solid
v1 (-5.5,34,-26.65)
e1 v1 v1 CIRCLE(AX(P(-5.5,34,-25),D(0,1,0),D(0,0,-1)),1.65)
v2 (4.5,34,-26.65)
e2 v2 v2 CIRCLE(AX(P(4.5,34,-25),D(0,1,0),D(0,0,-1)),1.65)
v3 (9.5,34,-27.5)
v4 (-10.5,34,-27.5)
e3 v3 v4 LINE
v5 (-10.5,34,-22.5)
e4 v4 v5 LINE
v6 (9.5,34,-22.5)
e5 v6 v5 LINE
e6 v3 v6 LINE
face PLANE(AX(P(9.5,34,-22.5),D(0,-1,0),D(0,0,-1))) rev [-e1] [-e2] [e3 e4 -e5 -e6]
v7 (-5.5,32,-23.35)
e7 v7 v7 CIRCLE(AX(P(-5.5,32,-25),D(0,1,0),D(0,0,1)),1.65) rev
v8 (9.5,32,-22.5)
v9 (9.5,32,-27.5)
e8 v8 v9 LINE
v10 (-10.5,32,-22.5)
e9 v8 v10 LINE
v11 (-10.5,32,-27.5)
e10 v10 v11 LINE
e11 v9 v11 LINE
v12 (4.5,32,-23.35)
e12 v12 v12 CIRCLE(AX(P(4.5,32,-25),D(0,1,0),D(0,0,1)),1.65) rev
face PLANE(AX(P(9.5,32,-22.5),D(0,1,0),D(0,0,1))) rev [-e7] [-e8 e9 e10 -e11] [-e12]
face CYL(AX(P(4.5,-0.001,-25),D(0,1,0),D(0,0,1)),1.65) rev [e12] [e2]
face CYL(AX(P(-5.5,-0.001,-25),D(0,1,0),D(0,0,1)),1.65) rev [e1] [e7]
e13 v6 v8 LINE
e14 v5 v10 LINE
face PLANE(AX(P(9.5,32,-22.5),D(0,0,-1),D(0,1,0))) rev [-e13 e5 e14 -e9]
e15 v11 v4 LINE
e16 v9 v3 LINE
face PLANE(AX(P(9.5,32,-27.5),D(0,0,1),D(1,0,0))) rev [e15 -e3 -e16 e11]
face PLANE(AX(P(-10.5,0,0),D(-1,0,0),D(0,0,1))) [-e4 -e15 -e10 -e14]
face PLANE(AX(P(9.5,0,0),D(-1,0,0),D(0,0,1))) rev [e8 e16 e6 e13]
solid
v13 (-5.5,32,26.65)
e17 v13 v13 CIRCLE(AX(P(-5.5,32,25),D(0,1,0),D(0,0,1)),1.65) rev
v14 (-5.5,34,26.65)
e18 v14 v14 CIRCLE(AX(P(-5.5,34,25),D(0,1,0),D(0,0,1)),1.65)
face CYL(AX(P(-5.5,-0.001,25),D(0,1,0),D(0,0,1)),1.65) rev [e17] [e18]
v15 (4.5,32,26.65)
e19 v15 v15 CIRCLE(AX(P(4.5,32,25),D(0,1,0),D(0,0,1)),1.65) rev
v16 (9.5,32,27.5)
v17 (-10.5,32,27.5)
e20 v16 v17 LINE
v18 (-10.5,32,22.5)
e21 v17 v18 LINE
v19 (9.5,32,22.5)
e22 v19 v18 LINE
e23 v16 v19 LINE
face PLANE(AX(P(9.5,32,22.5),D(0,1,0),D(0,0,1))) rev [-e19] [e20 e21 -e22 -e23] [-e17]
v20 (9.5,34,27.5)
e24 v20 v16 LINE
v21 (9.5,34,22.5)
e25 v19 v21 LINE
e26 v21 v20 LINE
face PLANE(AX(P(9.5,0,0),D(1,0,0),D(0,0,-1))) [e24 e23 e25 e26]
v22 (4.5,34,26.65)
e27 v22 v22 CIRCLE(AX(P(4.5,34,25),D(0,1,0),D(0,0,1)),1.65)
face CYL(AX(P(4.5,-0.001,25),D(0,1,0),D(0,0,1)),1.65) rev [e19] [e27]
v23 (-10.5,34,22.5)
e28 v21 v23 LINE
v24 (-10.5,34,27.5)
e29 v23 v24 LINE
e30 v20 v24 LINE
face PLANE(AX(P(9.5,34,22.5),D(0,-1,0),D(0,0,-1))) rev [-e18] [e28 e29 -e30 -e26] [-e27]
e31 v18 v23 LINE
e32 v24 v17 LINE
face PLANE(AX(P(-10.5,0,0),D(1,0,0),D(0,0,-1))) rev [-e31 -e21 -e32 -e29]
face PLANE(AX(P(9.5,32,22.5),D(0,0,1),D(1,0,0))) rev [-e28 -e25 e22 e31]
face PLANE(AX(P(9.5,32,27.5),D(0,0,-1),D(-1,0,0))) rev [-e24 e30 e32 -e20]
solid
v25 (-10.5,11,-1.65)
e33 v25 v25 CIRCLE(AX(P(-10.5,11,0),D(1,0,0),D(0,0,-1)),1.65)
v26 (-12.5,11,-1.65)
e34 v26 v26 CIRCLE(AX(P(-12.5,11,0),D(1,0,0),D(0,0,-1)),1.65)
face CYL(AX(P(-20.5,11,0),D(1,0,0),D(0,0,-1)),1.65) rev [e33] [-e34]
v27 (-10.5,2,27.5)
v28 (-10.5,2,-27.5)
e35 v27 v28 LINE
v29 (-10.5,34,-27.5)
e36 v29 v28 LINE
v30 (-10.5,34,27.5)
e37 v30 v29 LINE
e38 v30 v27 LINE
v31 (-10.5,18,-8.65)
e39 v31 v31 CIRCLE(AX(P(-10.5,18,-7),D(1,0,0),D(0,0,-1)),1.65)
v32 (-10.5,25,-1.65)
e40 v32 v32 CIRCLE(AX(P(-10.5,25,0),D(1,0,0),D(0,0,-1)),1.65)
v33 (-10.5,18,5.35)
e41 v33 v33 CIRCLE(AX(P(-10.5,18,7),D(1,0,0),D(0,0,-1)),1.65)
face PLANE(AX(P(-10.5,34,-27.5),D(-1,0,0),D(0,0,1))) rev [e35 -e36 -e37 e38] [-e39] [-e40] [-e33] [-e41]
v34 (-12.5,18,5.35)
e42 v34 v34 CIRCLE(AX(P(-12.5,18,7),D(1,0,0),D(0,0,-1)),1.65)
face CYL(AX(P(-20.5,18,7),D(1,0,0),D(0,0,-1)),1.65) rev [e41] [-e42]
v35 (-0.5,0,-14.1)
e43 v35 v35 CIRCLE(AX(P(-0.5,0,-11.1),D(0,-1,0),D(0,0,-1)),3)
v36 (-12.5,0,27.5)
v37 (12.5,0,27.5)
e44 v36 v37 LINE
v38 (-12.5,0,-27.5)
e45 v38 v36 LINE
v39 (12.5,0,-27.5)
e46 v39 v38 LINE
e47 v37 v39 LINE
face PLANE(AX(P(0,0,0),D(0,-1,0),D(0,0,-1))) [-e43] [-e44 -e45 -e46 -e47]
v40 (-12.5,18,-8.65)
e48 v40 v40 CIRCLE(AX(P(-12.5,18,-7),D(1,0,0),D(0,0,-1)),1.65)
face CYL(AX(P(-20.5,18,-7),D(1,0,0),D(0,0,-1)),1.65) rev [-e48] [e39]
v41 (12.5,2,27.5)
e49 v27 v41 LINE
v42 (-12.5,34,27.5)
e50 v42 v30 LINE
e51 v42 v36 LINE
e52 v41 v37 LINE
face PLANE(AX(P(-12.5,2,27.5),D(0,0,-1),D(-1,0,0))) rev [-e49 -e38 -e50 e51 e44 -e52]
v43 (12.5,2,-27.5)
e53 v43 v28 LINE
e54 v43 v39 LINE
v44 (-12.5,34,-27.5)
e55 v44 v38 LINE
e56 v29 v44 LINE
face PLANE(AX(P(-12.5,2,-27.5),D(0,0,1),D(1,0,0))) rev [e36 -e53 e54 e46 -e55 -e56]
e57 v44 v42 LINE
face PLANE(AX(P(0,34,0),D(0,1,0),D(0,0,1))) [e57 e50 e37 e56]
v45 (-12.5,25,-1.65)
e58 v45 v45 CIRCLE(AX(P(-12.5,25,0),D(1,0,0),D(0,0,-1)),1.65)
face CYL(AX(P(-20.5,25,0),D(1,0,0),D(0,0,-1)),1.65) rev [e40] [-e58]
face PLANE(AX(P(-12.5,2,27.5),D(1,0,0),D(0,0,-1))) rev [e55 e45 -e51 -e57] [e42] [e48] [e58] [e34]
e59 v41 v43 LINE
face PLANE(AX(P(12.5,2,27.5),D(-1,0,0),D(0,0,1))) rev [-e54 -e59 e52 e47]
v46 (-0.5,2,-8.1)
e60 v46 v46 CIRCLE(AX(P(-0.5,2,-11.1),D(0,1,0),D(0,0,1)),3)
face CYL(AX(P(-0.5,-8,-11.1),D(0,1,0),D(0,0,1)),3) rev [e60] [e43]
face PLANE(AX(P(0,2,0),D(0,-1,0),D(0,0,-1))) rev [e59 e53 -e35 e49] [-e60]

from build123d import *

# Parameters (mm, degrees)
SKETCH_1_W          = 25
SKETCH_1_H          = 55
EXTRUDE_1_DEPTH     = 2
SKETCH_3_W          = 2
SKETCH_3_H          = 55
EXTRUDE_2_DEPTH     = 32
SKETCH_4_W          = 5
SKETCH_4_H          = 2
EXTRUDE_3_DEPTH     = 20
EXTRUDE_3_2_DEPTH   = 20
SKETCH_5_R          = 1.65
CUT_EXTRUDE_2_DEPTH = 2
SKETCH_6_R          = 1.65
CUT_EXTRUDE_3_DEPTH = 10
SKETCH_7_R          = 3
CUT_EXTRUDE_4_DEPTH = 10


with BuildPart() as part:
    # 草图1 → 凸台-拉伸1 (new body)
    with BuildSketch(Plane(origin=(0, 0, 0), x_dir=(1, 0, 0), z_dir=(0, 1, 0))):
        Rectangle(SKETCH_1_W, SKETCH_1_H)
    extrude(amount=EXTRUDE_1_DEPTH)

    # 草图3 → 凸台-拉伸2 (add)
    with BuildSketch(Plane(origin=(0, 2, 0), x_dir=(1, 0, 0), z_dir=(0, 1, 0))):
        with Locations((-11.5, 0)):
            Rectangle(SKETCH_3_W, SKETCH_3_H)
    extrude(amount=EXTRUDE_2_DEPTH)

    # 草图6 → 切除-拉伸3 (cut)
    with BuildSketch(Plane(origin=(-10.5, 0, 0), x_dir=(0, 0, -1), z_dir=(1, 0, 0))):
        with Locations((-7, 18)):
            Circle(SKETCH_6_R)
        with Locations((7, 18)):
            Circle(SKETCH_6_R)
        with Locations((0, 25)):
            Circle(SKETCH_6_R)
        with Locations((0, 11)):
            Circle(SKETCH_6_R)
    extrude(amount=-CUT_EXTRUDE_3_DEPTH, mode=Mode.SUBTRACT)

    # 草图7 → 切除-拉伸4 (cut)
    with BuildSketch(Plane(origin=(0, 2, 0), x_dir=(1, 0, 0), z_dir=(0, 1, 0))):
        with Locations(Location((-0.5, 11.1, 0), (0, 0, 270))):
            Circle(SKETCH_7_R)
    extrude(amount=-CUT_EXTRUDE_4_DEPTH, mode=Mode.SUBTRACT)


with BuildPart() as body_2:
    # 草图4 → 凸台-拉伸3 (new body)
    with BuildSketch(Plane(origin=(-10.5, 0, 0), x_dir=(0, 0, -1), z_dir=(1, 0, 0))):
        with Locations((25, 33)):
            Rectangle(SKETCH_4_W, SKETCH_4_H)
    extrude(amount=EXTRUDE_3_DEPTH)


with BuildPart() as body_3:
    # 草图4 → Extrude 3 2 (new body)
    with BuildSketch(Plane(origin=(-10.5, 0, 0), x_dir=(0, 0, -1), z_dir=(1, 0, 0))):
        with Locations((-25, 33)):
            Rectangle(SKETCH_4_W, SKETCH_4_H)
    extrude(amount=EXTRUDE_3_2_DEPTH)


with BuildPart() as cut_extrude_2_tool:
    # 草图5 → 切除-拉伸2 (new body)
    with BuildSketch(Plane(origin=(0, 34, 0), x_dir=(1, 0, 0), z_dir=(0, 1, 0))):
        with Locations(Location((-5.5, -25, 0), (0, 0, 270))):
            Circle(SKETCH_5_R)
        with Locations(Location((4.5, -25, 0), (0, 0, 270))):
            Circle(SKETCH_5_R)
        with Locations(Location((4.5, 25, 0), (0, 0, 270))):
            Circle(SKETCH_5_R)
        with Locations(Location((-5.5, 25, 0), (0, 0, 270))):
            Circle(SKETCH_5_R)
    extrude(amount=-CUT_EXTRUDE_2_DEPTH)


with BuildPart() as body_2_1:
    add(body_2.part)

    # 切除-拉伸2: cut by cut_extrude_2_tool
    add(cut_extrude_2_tool.part, mode=Mode.SUBTRACT)


with BuildPart() as body_3_1:
    add(body_3.part)

    # 切除-拉伸2: cut by cut_extrude_2_tool
    add(cut_extrude_2_tool.part, mode=Mode.SUBTRACT)


solid = Compound([part.part, body_2_1.part, body_3_1.part])
